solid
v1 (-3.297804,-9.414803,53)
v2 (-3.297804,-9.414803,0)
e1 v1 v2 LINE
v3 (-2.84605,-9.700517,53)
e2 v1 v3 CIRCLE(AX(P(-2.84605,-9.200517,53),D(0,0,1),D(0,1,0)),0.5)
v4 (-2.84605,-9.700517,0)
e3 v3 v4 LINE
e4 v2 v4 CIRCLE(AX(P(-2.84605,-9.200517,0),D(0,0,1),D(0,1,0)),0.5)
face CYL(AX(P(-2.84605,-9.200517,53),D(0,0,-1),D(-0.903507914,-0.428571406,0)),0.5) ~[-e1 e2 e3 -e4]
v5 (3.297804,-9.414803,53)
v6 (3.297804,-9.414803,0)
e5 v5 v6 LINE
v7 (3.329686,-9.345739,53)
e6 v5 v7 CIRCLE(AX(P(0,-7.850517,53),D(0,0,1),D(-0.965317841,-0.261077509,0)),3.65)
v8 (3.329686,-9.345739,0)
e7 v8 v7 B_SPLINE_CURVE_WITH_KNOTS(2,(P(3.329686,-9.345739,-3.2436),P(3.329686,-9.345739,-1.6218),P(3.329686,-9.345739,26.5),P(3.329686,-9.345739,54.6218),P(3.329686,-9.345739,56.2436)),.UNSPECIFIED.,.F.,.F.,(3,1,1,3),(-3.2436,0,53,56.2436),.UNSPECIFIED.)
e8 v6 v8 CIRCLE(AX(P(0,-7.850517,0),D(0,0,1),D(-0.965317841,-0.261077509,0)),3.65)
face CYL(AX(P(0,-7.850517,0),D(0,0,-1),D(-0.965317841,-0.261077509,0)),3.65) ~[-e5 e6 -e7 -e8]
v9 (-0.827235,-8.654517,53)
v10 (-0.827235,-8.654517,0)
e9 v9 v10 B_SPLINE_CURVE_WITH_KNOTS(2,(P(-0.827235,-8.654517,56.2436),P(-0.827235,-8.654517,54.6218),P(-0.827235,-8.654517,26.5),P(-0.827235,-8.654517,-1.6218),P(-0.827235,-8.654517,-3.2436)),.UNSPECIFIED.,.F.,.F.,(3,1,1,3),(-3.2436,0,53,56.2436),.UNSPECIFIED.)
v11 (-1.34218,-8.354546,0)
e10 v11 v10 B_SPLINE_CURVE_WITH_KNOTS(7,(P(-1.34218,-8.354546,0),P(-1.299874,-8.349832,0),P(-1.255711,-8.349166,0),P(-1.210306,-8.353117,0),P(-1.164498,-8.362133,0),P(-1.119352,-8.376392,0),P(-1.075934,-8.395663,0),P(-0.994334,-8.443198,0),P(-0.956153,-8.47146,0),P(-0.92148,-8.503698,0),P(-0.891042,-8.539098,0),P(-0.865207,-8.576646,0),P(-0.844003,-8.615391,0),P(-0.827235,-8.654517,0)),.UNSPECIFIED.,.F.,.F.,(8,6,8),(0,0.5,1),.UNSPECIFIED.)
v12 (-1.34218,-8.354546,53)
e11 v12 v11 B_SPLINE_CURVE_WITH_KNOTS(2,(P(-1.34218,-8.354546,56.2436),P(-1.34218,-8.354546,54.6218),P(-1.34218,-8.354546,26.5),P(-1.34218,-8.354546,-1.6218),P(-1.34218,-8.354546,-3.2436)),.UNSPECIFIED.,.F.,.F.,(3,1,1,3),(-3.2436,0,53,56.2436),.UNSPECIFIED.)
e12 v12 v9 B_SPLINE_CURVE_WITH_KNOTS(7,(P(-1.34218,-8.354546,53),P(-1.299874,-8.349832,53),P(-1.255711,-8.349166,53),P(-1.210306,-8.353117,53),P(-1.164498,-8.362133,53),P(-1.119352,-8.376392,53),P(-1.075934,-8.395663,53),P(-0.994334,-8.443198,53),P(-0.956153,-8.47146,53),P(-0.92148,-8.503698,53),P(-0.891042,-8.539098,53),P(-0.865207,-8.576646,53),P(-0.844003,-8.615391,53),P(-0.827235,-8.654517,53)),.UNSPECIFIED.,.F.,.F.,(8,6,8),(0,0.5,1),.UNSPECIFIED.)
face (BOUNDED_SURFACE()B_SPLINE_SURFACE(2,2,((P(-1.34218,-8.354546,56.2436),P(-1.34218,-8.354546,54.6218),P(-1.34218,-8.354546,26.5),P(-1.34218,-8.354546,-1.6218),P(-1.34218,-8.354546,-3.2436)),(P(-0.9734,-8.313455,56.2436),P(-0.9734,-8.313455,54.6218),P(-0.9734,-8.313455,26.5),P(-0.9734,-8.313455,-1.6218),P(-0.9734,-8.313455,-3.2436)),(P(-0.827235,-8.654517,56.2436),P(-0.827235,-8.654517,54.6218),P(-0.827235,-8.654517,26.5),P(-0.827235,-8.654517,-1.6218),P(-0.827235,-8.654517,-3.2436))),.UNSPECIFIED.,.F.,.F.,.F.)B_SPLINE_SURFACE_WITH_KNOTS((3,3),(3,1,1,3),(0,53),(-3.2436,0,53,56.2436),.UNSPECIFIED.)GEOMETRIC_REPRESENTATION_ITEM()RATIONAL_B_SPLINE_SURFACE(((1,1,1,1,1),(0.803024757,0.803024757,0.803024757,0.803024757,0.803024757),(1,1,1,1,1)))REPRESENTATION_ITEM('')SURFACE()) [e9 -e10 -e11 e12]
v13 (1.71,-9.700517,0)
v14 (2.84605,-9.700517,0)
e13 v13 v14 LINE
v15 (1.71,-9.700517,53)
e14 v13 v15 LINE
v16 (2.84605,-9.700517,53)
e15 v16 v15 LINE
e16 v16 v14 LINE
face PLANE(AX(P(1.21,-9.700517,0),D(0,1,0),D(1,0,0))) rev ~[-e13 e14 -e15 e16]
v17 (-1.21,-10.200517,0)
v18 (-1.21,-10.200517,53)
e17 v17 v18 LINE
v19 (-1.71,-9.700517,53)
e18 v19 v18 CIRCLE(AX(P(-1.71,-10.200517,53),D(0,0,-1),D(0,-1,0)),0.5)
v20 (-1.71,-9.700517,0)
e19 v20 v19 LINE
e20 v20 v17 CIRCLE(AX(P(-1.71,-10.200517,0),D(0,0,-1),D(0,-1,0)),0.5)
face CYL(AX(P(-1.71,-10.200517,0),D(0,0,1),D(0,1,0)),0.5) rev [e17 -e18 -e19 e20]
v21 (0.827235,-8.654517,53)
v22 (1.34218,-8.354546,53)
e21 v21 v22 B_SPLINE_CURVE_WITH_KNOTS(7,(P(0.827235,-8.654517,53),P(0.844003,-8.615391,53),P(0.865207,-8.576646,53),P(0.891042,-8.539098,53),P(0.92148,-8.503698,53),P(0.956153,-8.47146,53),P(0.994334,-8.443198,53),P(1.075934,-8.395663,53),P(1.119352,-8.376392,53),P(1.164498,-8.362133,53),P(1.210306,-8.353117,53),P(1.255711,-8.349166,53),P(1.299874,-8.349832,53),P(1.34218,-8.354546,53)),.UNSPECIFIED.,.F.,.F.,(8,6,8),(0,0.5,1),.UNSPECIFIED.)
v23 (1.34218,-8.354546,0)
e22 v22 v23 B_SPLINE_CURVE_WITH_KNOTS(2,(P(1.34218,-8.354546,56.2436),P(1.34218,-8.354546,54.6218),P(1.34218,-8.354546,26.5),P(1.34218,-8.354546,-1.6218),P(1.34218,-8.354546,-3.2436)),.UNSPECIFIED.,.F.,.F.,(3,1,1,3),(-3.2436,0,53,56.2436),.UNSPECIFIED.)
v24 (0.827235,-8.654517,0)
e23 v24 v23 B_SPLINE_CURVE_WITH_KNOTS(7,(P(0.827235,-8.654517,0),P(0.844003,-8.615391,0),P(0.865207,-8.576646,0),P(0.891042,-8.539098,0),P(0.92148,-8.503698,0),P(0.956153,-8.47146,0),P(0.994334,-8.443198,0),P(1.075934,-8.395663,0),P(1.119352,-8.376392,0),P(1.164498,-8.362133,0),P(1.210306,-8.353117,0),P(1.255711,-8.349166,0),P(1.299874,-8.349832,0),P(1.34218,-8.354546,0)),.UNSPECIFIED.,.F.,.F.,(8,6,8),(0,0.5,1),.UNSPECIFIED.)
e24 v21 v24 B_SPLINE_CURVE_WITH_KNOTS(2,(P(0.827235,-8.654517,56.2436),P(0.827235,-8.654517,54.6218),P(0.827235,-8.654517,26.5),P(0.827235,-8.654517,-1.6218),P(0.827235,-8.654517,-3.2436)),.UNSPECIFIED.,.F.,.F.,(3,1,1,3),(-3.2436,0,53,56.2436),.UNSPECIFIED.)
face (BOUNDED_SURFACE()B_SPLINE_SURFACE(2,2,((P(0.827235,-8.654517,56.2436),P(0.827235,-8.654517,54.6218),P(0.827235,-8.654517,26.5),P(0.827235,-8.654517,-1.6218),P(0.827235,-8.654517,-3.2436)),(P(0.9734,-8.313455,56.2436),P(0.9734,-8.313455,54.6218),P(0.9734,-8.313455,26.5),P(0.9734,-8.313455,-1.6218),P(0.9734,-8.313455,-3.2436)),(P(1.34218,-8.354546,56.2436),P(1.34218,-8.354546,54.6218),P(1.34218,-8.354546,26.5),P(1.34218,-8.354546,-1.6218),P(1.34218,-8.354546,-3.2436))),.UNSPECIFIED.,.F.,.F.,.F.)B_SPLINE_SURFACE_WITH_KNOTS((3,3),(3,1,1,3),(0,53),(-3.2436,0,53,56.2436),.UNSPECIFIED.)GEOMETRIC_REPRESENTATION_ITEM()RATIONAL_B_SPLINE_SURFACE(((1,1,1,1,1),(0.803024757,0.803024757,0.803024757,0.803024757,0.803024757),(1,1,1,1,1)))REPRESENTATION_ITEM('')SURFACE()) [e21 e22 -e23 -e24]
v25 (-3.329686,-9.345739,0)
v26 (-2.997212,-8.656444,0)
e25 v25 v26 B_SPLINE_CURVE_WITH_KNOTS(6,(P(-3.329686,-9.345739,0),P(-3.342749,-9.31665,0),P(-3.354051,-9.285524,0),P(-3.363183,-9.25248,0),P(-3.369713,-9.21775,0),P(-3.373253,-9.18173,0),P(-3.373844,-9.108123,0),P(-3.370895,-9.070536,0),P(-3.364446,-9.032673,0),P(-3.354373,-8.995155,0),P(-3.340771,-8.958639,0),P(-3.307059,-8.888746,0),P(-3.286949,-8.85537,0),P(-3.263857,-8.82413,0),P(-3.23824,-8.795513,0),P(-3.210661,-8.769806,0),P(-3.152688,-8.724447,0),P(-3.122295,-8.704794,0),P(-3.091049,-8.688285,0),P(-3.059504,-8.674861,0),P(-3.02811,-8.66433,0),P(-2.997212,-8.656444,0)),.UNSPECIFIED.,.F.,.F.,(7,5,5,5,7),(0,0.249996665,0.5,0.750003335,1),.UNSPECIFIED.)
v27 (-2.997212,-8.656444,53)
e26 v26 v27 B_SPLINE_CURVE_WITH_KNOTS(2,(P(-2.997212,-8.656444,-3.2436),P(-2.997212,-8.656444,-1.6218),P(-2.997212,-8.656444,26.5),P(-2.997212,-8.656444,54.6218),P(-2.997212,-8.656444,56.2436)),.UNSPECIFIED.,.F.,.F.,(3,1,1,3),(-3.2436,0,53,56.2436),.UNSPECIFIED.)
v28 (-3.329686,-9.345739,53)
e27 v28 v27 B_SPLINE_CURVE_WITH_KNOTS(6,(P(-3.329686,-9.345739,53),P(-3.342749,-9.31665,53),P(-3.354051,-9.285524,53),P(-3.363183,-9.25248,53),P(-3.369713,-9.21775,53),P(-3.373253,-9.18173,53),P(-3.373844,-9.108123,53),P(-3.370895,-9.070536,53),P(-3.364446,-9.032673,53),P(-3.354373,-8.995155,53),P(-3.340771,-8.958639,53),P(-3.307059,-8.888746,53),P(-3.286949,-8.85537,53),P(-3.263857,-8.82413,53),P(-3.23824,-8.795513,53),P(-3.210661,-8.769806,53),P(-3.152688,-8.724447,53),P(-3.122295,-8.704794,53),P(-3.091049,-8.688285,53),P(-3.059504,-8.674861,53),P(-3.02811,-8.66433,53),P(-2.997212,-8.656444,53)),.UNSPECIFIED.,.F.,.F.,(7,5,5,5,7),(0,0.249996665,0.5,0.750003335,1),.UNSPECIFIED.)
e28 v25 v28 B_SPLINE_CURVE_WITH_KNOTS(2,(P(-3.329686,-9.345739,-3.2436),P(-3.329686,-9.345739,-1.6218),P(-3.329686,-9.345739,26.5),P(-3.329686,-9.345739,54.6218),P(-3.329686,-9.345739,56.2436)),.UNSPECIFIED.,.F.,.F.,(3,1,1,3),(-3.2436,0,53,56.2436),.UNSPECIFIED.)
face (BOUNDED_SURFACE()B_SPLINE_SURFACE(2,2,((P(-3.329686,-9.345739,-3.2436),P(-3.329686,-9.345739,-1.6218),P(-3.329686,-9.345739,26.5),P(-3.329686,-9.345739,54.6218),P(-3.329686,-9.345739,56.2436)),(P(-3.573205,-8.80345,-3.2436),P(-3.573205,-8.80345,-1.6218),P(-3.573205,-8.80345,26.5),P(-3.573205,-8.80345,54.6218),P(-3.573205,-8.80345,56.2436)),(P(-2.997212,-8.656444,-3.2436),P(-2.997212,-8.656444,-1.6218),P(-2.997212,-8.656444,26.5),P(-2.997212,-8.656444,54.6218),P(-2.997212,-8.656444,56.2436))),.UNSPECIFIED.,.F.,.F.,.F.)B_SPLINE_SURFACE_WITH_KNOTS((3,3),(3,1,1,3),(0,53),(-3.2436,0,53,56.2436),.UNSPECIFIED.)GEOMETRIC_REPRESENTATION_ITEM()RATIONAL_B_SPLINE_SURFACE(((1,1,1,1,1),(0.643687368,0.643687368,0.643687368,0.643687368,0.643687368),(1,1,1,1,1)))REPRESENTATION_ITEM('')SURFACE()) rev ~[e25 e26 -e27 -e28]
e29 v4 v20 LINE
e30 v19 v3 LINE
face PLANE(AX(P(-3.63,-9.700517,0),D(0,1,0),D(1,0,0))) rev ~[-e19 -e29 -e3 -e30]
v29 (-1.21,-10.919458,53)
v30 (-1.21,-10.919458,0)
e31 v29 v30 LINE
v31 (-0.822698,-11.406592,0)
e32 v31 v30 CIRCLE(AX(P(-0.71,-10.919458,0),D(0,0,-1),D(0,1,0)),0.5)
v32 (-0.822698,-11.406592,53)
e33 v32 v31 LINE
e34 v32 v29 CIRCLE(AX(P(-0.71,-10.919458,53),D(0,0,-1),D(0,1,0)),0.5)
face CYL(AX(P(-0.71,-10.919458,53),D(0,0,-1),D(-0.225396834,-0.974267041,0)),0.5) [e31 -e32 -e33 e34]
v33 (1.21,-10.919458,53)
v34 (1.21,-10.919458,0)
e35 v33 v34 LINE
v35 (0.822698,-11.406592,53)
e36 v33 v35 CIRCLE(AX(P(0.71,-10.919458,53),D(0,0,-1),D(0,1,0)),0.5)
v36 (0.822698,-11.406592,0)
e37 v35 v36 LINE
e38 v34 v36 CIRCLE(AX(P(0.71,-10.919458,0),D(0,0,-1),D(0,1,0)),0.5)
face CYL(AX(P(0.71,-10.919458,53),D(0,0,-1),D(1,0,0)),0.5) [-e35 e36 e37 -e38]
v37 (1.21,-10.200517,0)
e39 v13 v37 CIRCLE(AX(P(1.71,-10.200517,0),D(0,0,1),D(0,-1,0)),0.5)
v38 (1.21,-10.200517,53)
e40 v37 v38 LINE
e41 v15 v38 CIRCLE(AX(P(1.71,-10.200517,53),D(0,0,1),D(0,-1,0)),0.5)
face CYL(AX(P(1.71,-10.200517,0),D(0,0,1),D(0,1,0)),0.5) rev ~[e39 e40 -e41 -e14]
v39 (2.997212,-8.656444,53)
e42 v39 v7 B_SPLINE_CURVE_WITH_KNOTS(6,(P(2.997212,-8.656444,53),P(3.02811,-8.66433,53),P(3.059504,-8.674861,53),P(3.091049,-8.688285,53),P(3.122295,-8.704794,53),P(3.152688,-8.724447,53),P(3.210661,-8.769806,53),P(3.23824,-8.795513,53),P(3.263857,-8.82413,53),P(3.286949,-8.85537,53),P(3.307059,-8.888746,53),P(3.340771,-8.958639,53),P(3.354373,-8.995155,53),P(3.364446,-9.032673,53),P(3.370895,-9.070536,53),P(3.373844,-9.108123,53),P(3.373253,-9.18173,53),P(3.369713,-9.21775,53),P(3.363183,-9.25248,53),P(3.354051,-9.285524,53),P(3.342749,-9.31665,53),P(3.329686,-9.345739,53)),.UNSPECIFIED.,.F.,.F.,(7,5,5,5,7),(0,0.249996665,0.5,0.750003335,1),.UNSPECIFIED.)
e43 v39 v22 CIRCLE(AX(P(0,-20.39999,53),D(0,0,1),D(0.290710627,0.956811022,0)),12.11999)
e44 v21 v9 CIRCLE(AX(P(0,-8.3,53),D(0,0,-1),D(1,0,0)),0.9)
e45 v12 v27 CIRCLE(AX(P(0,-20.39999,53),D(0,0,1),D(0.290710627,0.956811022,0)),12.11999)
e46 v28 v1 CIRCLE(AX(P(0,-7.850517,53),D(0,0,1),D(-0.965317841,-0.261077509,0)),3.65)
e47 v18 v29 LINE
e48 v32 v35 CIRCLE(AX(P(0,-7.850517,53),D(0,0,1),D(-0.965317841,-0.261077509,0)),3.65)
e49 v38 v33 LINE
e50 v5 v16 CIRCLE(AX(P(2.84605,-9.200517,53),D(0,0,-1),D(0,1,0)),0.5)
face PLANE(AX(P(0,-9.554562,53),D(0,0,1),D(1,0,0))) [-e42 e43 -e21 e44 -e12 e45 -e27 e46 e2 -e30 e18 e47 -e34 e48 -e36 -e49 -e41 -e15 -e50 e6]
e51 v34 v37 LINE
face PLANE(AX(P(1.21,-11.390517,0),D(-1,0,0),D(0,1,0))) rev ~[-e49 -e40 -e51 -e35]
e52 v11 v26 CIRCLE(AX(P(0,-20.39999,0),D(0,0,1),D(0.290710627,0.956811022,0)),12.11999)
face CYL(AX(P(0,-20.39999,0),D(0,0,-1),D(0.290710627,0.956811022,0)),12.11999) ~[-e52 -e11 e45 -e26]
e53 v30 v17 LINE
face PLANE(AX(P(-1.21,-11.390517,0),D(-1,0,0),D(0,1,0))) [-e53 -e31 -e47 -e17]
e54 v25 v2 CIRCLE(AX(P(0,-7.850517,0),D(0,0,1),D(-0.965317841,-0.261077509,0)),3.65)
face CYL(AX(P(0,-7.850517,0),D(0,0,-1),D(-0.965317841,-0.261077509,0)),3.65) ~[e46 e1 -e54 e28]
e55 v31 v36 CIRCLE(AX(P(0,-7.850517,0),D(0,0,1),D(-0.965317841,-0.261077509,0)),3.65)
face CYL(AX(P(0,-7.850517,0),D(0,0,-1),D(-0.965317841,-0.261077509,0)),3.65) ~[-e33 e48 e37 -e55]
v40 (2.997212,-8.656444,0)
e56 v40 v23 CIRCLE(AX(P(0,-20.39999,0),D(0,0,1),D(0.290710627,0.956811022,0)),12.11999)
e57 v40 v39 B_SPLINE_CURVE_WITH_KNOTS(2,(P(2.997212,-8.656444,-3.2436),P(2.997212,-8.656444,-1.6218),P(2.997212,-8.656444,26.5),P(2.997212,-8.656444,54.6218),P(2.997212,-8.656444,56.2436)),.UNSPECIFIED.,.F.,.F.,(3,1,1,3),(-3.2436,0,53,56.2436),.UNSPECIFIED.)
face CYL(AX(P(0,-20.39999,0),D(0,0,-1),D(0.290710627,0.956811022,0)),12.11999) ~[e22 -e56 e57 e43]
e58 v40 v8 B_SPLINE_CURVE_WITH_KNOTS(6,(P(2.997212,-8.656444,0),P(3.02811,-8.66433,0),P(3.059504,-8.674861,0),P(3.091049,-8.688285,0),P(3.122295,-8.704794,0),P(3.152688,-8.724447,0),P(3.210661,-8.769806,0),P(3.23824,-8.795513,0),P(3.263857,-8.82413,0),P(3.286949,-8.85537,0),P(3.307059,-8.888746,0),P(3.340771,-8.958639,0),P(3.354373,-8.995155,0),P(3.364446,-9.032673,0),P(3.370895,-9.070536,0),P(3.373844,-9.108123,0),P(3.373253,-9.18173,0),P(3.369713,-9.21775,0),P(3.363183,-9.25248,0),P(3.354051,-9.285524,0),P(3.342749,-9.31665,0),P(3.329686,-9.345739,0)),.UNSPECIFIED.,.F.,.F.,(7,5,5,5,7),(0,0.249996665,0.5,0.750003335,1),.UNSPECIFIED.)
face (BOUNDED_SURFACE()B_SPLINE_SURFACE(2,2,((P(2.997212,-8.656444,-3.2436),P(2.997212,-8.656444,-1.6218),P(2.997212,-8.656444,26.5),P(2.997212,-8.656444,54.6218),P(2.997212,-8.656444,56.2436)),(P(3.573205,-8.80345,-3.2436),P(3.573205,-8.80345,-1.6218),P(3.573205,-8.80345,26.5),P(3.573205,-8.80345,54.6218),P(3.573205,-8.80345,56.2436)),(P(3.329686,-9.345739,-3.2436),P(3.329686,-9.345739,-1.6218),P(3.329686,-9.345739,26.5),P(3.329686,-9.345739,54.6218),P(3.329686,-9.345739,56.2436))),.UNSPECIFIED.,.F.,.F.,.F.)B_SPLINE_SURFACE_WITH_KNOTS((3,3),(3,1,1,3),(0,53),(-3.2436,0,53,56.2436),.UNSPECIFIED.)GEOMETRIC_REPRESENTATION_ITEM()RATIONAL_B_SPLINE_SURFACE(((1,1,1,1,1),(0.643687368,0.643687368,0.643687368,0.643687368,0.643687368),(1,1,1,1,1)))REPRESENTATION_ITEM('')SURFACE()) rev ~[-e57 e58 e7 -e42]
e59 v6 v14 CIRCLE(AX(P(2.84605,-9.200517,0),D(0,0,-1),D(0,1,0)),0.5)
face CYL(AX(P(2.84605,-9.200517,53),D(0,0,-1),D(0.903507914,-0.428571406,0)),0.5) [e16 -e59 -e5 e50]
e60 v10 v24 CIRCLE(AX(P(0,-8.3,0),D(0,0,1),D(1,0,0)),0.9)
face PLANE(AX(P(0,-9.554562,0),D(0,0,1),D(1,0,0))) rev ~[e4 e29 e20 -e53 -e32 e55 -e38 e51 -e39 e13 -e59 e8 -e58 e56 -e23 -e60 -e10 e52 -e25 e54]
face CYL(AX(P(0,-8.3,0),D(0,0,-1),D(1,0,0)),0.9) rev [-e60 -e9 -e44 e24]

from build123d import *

# Parameters (mm, degrees)
BOX007_W          = 2.42
BOX007_H          = 1.69
BOX007_DEPTH      = 55
BOX008_W          = 2.42
BOX008_H          = 1.69
BOX008_DEPTH      = 55
CYLINDER002_R     = 0.9
CYLINDER002_DEPTH = 55
EXTRUDE011_DEPTH  = 53
FILLET_R          = 0.5


with BuildPart() as cubo_izq001:
    # Box007 → Box007 (new body)
    with BuildSketch(Plane(origin=(-3.63, 8.809483, 0), x_dir=(1, 0, 0), z_dir=(0, 0, 1))):
        with Locations((1.21, 0.845)):
            Rectangle(BOX007_W, BOX007_H)
    extrude(amount=BOX007_DEPTH)


with BuildPart() as cubo_der001:
    # Box008 → Box008 (new body)
    with BuildSketch(Plane(origin=(1.21, 8.809483, 0), x_dir=(1, 0, 0), z_dir=(0, 0, 1))):
        with Locations((1.21, 0.845)):
            Rectangle(BOX008_W, BOX008_H)
    extrude(amount=BOX008_DEPTH)


with BuildPart() as cilindro001:
    # Cylinder002 → Cylinder002 (new body)
    with BuildSketch(Plane(origin=(0, 11.9, 0), x_dir=(1, 0, 0), z_dir=(0, 0, 1))):
        Circle(CYLINDER002_R)
    extrude(amount=CYLINDER002_DEPTH)


with BuildPart() as barrote_definitivo_final_parte_peque_a:
    # Sketch011 → Extrude011 (new body)
    with BuildSketch(Plane(origin=(0, -0.2, 0), x_dir=(1, 0, 0), z_dir=(0, 0, 1))):
        with BuildLine():
            ThreePointArc((-3.52341, 11.59655), (0, 8.899483), (3.52341, 11.59655))
            ThreePointArc((3.52341, 11.59655), (0, 12.12), (-3.52341, 11.59655))
        make_face()
    extrude(amount=EXTRUDE011_DEPTH)

    # Cut007: cut Cilindro001
    add(cilindro001.part, mode=Mode.SUBTRACT)

    # Cut008: cut Cubo der001
    add(cubo_der001.part, mode=Mode.SUBTRACT)

    # Cut009: cut Cubo izq001
    add(cubo_izq001.part, mode=Mode.SUBTRACT)

    # Fillet
    fillet_edges = [barrote_definitivo_final_parte_peque_a.edges().sort_by_distance(p)[0] for p in [
        (-3.146427, 10.499483, 26.5),
        (-3.52341, 11.39655, 26.5),
        (-1.21, 10.499483, 26.5),
        (-0.899899, 11.886545, 26.5),
        (0.899899, 11.886545, 26.5),
        (3.52341, 11.39655, 26.5),
        (3.146427, 10.499483, 26.5),
        (1.21, 10.499483, 26.5),
        (1.21, 8.90588, 26.5),
        (-1.21, 8.90588, 26.5),
    ]]
    fillet(fillet_edges, radius=FILLET_R)


with BuildPart() as barrote_definitivo_final_parte_peque_a_1:
    # Clone019 placement: moved
    add(barrote_definitivo_final_parte_peque_a.part.moved(Location((0, -20.2, 0))))


solid = barrote_definitivo_final_parte_peque_a_1.part
